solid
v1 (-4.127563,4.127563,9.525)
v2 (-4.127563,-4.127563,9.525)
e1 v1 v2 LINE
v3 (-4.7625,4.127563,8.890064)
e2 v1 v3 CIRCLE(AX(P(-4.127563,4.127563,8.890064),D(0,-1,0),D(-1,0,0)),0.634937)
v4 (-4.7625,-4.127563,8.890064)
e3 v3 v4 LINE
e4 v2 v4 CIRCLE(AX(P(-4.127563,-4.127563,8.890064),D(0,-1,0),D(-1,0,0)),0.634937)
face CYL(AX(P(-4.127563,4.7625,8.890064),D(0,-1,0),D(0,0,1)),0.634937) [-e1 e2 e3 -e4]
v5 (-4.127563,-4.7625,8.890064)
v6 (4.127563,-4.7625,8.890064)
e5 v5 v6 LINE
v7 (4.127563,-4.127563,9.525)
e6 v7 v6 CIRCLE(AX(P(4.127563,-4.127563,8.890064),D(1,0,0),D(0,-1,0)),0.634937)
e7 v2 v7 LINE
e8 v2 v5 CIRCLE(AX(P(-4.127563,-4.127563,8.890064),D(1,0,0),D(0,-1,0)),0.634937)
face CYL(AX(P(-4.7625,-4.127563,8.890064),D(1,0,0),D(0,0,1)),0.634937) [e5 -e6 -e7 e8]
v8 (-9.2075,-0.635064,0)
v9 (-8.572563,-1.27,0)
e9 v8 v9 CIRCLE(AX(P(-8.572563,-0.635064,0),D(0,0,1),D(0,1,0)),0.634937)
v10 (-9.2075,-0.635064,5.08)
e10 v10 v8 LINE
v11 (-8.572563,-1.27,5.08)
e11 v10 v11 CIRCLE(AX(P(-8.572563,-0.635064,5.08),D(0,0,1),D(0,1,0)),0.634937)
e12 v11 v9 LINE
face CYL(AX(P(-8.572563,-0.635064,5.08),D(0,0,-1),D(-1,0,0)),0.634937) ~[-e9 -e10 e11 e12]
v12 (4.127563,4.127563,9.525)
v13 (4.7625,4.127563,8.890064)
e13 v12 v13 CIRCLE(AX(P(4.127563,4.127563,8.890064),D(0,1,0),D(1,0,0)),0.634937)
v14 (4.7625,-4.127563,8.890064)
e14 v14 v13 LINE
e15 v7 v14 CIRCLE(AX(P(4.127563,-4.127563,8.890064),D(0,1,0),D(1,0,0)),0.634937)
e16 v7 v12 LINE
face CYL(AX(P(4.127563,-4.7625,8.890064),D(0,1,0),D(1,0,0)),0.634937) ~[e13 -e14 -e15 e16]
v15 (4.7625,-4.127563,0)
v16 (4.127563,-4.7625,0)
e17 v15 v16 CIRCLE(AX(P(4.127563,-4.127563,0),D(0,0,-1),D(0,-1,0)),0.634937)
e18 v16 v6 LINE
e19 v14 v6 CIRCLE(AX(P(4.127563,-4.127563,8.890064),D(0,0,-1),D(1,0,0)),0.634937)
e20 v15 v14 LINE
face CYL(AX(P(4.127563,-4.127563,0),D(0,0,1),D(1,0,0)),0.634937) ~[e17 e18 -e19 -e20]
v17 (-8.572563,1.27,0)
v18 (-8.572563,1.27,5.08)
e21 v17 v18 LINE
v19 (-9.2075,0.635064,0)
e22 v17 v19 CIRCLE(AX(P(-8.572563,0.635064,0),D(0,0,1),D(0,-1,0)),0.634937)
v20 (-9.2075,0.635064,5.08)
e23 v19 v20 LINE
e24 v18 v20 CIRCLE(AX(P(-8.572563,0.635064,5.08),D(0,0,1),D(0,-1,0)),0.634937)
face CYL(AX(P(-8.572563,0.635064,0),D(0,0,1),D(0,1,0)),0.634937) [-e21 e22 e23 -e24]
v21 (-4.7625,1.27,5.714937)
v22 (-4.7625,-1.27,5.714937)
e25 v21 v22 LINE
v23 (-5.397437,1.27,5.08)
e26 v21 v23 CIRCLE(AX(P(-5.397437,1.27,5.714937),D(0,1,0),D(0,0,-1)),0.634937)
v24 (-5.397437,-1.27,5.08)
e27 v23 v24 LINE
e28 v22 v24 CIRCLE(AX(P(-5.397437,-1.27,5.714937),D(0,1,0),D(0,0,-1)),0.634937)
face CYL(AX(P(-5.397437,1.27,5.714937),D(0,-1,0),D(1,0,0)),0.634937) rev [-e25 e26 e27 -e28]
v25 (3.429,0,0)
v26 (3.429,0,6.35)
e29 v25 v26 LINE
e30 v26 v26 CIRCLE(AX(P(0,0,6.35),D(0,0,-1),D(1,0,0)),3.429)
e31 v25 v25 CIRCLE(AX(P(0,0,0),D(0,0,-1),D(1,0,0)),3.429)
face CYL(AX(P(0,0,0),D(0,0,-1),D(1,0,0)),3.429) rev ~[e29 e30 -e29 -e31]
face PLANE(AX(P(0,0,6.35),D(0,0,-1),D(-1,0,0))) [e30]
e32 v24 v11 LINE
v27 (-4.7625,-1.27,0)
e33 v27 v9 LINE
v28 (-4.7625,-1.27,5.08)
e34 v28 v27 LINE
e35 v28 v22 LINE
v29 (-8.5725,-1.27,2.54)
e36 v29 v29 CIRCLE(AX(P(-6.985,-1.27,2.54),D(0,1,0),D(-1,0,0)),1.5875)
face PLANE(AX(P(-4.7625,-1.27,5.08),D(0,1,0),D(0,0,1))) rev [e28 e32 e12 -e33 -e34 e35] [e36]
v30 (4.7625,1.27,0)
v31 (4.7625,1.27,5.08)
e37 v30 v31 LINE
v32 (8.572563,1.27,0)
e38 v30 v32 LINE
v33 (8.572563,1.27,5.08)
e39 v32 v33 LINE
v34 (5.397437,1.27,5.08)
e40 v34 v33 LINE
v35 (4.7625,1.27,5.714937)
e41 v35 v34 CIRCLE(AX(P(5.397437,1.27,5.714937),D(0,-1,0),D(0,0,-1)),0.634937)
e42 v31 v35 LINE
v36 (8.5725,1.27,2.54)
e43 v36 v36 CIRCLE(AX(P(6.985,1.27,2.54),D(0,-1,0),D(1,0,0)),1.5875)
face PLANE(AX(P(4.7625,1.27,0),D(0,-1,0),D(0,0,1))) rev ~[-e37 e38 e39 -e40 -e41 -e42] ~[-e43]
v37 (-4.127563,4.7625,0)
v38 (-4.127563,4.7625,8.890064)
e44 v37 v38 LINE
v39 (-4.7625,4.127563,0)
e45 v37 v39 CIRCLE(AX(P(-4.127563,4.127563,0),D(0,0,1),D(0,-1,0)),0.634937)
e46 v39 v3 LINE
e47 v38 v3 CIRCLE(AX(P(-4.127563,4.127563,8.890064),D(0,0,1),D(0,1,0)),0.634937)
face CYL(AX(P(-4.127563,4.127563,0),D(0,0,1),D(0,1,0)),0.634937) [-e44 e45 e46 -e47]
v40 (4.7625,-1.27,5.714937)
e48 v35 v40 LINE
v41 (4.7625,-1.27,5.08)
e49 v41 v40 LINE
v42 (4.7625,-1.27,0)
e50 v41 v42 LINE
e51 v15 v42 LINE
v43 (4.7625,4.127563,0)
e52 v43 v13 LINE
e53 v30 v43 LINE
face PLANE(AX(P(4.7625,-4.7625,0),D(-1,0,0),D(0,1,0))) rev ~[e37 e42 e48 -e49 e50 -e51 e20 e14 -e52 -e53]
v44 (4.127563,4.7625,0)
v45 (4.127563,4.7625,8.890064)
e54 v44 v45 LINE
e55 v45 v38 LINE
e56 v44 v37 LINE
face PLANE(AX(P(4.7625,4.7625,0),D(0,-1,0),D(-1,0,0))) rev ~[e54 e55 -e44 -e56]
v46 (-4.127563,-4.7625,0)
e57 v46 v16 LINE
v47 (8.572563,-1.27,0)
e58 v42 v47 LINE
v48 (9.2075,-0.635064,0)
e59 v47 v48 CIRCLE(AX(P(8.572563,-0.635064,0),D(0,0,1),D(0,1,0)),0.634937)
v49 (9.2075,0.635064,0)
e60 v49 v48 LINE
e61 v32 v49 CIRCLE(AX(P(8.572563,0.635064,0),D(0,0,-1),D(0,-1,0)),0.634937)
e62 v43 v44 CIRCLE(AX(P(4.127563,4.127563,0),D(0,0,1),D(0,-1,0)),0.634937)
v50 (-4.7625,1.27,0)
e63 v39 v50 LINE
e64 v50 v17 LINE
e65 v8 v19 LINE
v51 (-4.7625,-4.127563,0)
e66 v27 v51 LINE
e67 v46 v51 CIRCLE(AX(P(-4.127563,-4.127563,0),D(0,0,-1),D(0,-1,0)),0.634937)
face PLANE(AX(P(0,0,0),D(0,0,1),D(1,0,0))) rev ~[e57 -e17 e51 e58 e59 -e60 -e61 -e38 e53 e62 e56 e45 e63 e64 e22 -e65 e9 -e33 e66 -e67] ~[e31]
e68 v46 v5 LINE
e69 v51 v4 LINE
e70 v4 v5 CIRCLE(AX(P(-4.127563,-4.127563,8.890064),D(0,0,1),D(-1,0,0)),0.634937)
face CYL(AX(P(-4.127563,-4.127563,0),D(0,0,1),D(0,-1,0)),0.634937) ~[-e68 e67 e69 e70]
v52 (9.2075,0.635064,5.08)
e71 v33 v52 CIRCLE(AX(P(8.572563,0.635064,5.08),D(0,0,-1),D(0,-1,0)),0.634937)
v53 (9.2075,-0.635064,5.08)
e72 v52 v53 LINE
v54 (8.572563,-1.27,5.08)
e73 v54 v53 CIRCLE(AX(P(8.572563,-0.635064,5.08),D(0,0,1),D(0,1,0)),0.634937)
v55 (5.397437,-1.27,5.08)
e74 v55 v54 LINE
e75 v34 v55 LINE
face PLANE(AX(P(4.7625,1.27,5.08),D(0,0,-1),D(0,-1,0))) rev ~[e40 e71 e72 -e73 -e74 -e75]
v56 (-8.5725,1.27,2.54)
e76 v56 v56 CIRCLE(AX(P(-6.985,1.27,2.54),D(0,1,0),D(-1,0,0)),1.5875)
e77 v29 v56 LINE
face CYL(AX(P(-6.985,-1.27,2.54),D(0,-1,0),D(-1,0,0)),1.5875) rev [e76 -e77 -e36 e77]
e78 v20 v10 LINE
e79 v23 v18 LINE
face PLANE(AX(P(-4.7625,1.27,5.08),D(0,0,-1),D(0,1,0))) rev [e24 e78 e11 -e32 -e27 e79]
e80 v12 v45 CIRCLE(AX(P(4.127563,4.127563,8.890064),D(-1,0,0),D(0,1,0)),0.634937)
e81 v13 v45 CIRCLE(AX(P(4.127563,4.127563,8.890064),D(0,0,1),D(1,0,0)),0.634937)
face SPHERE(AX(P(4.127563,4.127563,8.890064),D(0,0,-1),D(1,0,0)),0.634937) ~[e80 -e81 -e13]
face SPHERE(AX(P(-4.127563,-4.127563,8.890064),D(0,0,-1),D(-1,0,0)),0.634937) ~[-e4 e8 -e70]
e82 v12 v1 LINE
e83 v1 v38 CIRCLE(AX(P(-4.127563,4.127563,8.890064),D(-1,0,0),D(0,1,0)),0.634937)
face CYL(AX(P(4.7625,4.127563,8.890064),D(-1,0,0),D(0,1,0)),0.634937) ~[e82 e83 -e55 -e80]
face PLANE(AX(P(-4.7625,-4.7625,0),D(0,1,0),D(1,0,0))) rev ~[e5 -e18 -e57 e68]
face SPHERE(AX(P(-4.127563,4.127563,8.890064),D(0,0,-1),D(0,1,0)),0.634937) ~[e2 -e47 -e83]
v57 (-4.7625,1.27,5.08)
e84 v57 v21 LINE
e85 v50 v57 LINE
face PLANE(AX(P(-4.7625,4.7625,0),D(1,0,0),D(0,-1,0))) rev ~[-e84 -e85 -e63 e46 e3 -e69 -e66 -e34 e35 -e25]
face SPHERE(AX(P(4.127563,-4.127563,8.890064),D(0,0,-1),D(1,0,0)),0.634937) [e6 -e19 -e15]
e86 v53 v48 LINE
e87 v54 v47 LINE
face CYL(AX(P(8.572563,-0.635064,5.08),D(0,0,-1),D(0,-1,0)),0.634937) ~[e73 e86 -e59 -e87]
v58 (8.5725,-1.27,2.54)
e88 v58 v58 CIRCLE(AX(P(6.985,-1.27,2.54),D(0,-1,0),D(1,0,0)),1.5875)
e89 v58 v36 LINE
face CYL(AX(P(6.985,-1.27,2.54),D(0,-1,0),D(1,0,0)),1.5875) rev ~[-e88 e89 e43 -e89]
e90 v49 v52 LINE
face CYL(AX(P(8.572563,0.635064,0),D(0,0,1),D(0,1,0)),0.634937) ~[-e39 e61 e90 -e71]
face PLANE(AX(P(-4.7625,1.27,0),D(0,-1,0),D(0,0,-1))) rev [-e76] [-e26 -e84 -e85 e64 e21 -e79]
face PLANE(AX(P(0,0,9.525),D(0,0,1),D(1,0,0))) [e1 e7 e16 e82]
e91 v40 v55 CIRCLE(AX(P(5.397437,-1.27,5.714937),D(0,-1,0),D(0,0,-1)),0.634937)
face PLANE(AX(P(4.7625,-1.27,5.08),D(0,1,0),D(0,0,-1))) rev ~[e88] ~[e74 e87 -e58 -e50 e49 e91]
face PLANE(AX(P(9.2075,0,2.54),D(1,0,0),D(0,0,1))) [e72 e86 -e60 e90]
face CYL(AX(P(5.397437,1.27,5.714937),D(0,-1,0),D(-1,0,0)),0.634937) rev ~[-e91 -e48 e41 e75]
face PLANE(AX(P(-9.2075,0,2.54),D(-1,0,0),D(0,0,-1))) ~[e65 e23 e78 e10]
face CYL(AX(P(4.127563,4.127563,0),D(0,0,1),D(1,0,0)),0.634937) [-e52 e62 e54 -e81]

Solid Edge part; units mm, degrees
sketch "Sketch1" plane through (0, 0, 0) normal (0, 0, 1) x (1, 0, 0)
  line L0 (4.7625, -4.7625) -> (4.7625, 4.7625)
  line L1 (4.7625, 4.7625) -> (-4.7625, 4.7625)
  line L2 (-4.7625, 4.7625) -> (-4.7625, -4.7625)
  line L3 (-4.7625, -4.7625) -> (4.7625, -4.7625)
extrude "Protrusion1" add sketch "Sketch1" along normal blind 9.525
sketch "Sketch2" plane through (0, 0, 0) normal (0, 0, -1) x (1, 0, 0)
  circle A0 centre (0, 0) radius 3.429
extrude "ExtrudedCutout_1" cut sketch "Sketch2" against normal blind 6.35
sketch "Sketch3" plane through (4.7625, 0, 4.7625) normal (1, 0, 0) x (0, 1, 0)
  line L0 (-1.27, 0.3175) -> (-1.27, -4.7625)
  line L1 (-1.27, -4.7625) -> (0, -4.7625)
  line L2 (0, -4.7625) -> (1.27, -4.7625)
  line L3 (1.27, -4.7625) -> (1.27, 0.3175)
  line L4 (1.27, 0.3175) -> (-1.27, 0.3175)
extrude "ExtrudedProtrusion_3" add sketch "Sketch3" along normal blind 4.445
sketch "Sketch4" plane through (6.985, -1.27, 2.54) normal (0, -1, 0) x (1, 0, 0)
  circle A0 centre (0, 0) radius 1.5875
extrude "Cutout1" cut sketch "Sketch4" against normal up to vertex (2.54 mm away)
mirror "Mirror1" about plane through (0, 0, 0) normal (1, 0, 0) of "ExtrudedProtrusion_3", "Cutout1"
fillet "Round_1" radius 0.635 14 edges at (4.7625, -4.7625, 4.7625) (4.7625, 4.7625, 4.7625) (-4.7625, -4.7625, 4.7625) (-4.7625, 4.7625, 4.7625) (9.2075, 1.27, 2.54) (9.2075, -1.27, 2.54) (-9.2075, 1.27, 2.54) (-9.2075, -1.27, 2.54) (4.7625, 0, 5.08) (-4.7625, 0, 5.08) (4.7625, 0, 9.525) (0, 4.7625, 9.525) (-4.7625, 0, 9.525) (0, -4.7625, 9.525)
properties material "ABS Plastic, medium impact"
